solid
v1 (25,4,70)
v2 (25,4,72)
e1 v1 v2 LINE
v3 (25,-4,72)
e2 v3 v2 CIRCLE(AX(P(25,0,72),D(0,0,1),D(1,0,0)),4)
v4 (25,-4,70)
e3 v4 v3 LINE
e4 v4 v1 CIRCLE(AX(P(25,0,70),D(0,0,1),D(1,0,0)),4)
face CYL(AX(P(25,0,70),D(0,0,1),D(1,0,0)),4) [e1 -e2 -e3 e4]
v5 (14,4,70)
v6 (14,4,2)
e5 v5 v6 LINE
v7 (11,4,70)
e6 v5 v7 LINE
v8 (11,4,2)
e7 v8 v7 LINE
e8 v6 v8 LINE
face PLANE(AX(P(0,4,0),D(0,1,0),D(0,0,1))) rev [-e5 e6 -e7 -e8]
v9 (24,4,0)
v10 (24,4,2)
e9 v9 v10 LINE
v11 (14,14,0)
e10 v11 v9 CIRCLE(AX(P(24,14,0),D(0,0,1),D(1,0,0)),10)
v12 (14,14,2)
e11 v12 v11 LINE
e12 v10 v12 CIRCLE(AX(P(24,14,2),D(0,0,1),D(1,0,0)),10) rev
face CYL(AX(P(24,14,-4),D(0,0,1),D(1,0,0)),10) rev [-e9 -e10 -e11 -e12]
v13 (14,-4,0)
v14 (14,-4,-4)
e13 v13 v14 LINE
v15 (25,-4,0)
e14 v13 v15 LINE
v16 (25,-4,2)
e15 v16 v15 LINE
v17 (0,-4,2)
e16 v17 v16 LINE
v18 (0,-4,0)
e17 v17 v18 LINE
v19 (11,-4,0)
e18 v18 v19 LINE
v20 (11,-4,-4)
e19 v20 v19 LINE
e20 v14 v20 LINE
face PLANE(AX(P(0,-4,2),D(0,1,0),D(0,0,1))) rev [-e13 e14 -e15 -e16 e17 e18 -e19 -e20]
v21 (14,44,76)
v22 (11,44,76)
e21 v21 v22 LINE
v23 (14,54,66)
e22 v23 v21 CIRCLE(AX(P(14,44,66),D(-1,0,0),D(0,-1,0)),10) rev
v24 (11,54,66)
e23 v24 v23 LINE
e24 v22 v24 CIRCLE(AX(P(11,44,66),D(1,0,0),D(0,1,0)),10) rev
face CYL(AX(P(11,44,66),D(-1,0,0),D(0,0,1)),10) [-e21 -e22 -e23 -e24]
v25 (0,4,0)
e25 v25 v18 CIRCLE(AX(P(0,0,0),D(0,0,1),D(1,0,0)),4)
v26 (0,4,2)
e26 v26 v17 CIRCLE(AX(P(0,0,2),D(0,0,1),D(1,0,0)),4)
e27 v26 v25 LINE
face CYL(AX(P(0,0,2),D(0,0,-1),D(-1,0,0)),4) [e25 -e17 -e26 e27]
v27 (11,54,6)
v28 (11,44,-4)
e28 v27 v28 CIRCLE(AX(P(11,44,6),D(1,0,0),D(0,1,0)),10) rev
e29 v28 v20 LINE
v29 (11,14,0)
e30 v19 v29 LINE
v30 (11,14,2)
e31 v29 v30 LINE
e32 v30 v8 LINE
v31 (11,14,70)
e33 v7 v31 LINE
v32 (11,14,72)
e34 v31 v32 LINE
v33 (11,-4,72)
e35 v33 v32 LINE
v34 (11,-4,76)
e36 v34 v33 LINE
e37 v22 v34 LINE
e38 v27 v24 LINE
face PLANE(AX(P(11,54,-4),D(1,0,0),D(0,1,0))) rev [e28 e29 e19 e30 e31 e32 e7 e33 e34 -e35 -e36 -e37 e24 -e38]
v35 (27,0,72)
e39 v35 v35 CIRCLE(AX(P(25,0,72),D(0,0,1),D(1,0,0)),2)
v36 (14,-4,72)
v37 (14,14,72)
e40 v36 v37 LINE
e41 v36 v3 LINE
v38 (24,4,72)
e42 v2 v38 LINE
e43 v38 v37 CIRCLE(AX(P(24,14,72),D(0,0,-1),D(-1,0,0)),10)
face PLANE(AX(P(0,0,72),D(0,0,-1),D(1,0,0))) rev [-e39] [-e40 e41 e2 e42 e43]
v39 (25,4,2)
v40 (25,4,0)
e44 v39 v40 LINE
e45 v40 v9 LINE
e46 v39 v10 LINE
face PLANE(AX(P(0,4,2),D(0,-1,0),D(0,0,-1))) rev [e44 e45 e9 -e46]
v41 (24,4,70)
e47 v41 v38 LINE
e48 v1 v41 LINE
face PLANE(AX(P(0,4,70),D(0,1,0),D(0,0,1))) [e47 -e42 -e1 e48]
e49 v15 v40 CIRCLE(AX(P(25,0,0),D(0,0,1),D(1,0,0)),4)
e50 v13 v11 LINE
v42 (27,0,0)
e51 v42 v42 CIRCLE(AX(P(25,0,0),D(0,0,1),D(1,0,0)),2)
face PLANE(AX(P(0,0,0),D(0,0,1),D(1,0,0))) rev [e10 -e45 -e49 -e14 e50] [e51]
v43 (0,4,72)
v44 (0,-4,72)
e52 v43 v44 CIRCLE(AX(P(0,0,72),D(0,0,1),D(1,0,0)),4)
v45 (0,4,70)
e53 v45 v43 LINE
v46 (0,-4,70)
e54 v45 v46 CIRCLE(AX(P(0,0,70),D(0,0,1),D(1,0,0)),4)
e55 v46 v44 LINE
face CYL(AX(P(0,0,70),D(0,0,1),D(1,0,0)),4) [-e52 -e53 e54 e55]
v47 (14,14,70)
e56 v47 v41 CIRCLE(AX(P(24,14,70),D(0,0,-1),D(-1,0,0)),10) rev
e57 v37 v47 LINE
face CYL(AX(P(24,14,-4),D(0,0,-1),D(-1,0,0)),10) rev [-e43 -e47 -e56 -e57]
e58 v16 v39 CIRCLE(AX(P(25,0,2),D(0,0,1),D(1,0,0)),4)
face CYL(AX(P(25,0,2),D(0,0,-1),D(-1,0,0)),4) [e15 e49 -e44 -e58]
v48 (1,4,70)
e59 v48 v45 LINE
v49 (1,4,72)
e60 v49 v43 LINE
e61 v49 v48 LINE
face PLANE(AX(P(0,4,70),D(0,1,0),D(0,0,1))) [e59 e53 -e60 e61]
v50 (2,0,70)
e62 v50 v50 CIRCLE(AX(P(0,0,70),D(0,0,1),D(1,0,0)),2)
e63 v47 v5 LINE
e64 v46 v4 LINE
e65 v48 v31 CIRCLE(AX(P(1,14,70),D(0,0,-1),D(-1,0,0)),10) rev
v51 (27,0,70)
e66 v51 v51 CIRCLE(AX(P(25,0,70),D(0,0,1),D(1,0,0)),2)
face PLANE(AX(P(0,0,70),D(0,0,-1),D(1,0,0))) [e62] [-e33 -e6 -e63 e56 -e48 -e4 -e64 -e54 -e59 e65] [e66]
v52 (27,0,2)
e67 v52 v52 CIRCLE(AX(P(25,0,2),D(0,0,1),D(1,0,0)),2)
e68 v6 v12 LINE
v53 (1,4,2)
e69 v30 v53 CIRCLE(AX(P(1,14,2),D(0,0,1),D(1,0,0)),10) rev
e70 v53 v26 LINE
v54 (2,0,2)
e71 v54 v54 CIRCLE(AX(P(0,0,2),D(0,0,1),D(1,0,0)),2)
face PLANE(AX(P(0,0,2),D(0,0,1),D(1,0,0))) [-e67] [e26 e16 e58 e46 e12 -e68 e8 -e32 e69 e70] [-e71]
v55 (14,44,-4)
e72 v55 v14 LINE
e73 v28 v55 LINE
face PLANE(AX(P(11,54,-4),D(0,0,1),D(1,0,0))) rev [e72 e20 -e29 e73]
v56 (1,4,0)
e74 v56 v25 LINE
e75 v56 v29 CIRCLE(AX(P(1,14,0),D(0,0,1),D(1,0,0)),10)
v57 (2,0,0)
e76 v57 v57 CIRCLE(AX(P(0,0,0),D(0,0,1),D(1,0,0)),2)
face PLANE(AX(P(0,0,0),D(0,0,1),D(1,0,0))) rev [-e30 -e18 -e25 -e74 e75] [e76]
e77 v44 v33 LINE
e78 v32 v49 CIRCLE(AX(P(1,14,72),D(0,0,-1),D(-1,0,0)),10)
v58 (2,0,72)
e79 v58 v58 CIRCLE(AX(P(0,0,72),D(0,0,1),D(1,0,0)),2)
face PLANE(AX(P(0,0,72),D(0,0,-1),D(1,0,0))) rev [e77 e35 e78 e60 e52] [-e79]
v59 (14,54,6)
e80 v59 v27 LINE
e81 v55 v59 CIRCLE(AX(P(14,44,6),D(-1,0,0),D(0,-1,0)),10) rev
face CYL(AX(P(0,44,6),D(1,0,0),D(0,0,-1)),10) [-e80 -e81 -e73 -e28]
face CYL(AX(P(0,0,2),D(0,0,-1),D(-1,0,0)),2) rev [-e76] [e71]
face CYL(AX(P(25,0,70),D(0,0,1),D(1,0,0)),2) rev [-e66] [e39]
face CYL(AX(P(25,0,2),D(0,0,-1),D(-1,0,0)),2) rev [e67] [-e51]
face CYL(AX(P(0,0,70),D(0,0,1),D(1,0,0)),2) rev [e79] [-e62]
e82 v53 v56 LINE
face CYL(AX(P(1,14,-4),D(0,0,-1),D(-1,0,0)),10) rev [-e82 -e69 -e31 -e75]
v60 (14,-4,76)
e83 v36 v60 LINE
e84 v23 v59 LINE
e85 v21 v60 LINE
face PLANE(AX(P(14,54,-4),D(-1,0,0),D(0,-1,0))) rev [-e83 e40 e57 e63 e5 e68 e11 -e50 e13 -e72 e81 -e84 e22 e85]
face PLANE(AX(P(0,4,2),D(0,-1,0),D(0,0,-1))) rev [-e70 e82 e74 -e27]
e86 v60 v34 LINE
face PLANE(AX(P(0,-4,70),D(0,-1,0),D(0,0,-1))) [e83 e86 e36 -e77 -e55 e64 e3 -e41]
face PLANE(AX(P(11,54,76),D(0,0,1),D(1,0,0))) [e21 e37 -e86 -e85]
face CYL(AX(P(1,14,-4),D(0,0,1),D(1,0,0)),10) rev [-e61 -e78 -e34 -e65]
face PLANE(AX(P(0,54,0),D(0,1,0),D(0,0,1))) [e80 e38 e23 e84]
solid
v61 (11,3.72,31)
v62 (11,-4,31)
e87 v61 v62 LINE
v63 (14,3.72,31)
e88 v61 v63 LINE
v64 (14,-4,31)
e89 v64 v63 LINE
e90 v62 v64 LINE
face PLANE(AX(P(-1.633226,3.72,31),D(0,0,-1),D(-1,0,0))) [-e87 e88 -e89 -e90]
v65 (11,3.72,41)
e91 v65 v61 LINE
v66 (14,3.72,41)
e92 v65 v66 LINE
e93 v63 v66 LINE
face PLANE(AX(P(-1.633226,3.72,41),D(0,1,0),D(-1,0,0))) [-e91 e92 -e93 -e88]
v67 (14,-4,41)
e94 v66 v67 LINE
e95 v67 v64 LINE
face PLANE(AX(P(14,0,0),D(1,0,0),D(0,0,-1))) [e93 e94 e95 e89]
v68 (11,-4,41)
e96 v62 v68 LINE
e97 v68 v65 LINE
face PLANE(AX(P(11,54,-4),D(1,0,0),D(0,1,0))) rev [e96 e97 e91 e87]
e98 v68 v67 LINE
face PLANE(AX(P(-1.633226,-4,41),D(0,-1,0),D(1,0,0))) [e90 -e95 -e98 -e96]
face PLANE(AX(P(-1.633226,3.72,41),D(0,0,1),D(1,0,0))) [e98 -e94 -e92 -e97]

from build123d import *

# Parameters (mm, degrees)
SKETCH1_R            = 2
BOSS_EXTRUDE1_DEPTH  = 2
SKETCH2_W            = 3
SKETCH2_H            = 40
BOSS_EXTRUDE2_DEPTH  = 50
SKETCH4_W            = 3
SKETCH4_H            = 4
BOSS_EXTRUDE4_DEPTH  = 8
FILLET1_R            = 10
FILLET1_OF_MIRROR2_R = 10
FILLET2_R            = 10
SKETCH3_W            = 10
SKETCH3_H            = 7.72
BOSS_EXTRUDE3_DEPTH  = 3


with BuildPart() as part:
    # Sketch1 → Boss-Extrude1 (new body)
    with BuildSketch(Plane.XY):
        with BuildLine():
            Line((0, 4), (25, 4))
            ThreePointArc((25, 4), (29, 0), (25, -4))
            Line((25, -4), (0, -4))
            ThreePointArc((0, -4), (-4, 0), (0, 4))
        make_face()
        Circle(SKETCH1_R, mode=Mode.SUBTRACT)
        with Locations((25, 0)):
            Circle(SKETCH1_R, mode=Mode.SUBTRACT)
    boss_extrude1 = extrude(amount=BOSS_EXTRUDE1_DEPTH)

    # Sketch2 → Boss-Extrude2 (add)
    with BuildSketch(Plane(origin=(0, 4, 0), x_dir=(1, 0, 0), z_dir=(0, 1, 0))):
        with Locations((12.5, -16)):
            Rectangle(SKETCH2_W, SKETCH2_H)
    boss_extrude2 = extrude(amount=BOSS_EXTRUDE2_DEPTH)

    # Sketch4 → Boss-Extrude4 (add)
    with BuildSketch(Plane.XZ.offset(-4)):
        with Locations((12.5, -2)):
            Rectangle(SKETCH4_W, SKETCH4_H)
    boss_extrude4 = extrude(amount=BOSS_EXTRUDE4_DEPTH)

    # Fillet1
    fillet1_edges = [part.edges().sort_by_distance(p)[0] for p in [
        (14, 4, 1),
        (11, 4, 1),
    ]]
    fillet(fillet1_edges, radius=FILLET1_R)

    # Mirror1: Boss-Extrude2 across plane
    add(boss_extrude2.mirror(Plane.XY.offset(36)))

    # Mirror2: Boss-Extrude1, Boss-Extrude4 across plane
    add(boss_extrude1.mirror(Plane.XY.offset(36)))
    add(boss_extrude4.mirror(Plane.XY.offset(36)))

    # Fillet1 of Mirror2
    fillet1_of_mirror2_edges = [part.edges().sort_by_distance(p)[0] for p in [
        (14, 4, 71),
        (11, 4, 71),
    ]]
    fillet(fillet1_of_mirror2_edges, radius=FILLET1_OF_MIRROR2_R)

    # Fillet2
    fillet2_edges = [part.edges().sort_by_distance(p)[0] for p in [
        (12.5, 54, -4),
        (12.5, 54, 76),
    ]]
    fillet(fillet2_edges, radius=FILLET2_R)


with BuildPart() as body_2:
    # Sketch3 → Boss-Extrude3 (new body)
    with BuildSketch(Plane(origin=(14, 0, 0), x_dir=(0, 0, -1), z_dir=(1, 0, 0))):
        with Locations((-36, -0.14)):
            Rectangle(SKETCH3_W, SKETCH3_H)
    extrude(amount=-BOSS_EXTRUDE3_DEPTH)


solid = Compound([part.part, body_2.part])
